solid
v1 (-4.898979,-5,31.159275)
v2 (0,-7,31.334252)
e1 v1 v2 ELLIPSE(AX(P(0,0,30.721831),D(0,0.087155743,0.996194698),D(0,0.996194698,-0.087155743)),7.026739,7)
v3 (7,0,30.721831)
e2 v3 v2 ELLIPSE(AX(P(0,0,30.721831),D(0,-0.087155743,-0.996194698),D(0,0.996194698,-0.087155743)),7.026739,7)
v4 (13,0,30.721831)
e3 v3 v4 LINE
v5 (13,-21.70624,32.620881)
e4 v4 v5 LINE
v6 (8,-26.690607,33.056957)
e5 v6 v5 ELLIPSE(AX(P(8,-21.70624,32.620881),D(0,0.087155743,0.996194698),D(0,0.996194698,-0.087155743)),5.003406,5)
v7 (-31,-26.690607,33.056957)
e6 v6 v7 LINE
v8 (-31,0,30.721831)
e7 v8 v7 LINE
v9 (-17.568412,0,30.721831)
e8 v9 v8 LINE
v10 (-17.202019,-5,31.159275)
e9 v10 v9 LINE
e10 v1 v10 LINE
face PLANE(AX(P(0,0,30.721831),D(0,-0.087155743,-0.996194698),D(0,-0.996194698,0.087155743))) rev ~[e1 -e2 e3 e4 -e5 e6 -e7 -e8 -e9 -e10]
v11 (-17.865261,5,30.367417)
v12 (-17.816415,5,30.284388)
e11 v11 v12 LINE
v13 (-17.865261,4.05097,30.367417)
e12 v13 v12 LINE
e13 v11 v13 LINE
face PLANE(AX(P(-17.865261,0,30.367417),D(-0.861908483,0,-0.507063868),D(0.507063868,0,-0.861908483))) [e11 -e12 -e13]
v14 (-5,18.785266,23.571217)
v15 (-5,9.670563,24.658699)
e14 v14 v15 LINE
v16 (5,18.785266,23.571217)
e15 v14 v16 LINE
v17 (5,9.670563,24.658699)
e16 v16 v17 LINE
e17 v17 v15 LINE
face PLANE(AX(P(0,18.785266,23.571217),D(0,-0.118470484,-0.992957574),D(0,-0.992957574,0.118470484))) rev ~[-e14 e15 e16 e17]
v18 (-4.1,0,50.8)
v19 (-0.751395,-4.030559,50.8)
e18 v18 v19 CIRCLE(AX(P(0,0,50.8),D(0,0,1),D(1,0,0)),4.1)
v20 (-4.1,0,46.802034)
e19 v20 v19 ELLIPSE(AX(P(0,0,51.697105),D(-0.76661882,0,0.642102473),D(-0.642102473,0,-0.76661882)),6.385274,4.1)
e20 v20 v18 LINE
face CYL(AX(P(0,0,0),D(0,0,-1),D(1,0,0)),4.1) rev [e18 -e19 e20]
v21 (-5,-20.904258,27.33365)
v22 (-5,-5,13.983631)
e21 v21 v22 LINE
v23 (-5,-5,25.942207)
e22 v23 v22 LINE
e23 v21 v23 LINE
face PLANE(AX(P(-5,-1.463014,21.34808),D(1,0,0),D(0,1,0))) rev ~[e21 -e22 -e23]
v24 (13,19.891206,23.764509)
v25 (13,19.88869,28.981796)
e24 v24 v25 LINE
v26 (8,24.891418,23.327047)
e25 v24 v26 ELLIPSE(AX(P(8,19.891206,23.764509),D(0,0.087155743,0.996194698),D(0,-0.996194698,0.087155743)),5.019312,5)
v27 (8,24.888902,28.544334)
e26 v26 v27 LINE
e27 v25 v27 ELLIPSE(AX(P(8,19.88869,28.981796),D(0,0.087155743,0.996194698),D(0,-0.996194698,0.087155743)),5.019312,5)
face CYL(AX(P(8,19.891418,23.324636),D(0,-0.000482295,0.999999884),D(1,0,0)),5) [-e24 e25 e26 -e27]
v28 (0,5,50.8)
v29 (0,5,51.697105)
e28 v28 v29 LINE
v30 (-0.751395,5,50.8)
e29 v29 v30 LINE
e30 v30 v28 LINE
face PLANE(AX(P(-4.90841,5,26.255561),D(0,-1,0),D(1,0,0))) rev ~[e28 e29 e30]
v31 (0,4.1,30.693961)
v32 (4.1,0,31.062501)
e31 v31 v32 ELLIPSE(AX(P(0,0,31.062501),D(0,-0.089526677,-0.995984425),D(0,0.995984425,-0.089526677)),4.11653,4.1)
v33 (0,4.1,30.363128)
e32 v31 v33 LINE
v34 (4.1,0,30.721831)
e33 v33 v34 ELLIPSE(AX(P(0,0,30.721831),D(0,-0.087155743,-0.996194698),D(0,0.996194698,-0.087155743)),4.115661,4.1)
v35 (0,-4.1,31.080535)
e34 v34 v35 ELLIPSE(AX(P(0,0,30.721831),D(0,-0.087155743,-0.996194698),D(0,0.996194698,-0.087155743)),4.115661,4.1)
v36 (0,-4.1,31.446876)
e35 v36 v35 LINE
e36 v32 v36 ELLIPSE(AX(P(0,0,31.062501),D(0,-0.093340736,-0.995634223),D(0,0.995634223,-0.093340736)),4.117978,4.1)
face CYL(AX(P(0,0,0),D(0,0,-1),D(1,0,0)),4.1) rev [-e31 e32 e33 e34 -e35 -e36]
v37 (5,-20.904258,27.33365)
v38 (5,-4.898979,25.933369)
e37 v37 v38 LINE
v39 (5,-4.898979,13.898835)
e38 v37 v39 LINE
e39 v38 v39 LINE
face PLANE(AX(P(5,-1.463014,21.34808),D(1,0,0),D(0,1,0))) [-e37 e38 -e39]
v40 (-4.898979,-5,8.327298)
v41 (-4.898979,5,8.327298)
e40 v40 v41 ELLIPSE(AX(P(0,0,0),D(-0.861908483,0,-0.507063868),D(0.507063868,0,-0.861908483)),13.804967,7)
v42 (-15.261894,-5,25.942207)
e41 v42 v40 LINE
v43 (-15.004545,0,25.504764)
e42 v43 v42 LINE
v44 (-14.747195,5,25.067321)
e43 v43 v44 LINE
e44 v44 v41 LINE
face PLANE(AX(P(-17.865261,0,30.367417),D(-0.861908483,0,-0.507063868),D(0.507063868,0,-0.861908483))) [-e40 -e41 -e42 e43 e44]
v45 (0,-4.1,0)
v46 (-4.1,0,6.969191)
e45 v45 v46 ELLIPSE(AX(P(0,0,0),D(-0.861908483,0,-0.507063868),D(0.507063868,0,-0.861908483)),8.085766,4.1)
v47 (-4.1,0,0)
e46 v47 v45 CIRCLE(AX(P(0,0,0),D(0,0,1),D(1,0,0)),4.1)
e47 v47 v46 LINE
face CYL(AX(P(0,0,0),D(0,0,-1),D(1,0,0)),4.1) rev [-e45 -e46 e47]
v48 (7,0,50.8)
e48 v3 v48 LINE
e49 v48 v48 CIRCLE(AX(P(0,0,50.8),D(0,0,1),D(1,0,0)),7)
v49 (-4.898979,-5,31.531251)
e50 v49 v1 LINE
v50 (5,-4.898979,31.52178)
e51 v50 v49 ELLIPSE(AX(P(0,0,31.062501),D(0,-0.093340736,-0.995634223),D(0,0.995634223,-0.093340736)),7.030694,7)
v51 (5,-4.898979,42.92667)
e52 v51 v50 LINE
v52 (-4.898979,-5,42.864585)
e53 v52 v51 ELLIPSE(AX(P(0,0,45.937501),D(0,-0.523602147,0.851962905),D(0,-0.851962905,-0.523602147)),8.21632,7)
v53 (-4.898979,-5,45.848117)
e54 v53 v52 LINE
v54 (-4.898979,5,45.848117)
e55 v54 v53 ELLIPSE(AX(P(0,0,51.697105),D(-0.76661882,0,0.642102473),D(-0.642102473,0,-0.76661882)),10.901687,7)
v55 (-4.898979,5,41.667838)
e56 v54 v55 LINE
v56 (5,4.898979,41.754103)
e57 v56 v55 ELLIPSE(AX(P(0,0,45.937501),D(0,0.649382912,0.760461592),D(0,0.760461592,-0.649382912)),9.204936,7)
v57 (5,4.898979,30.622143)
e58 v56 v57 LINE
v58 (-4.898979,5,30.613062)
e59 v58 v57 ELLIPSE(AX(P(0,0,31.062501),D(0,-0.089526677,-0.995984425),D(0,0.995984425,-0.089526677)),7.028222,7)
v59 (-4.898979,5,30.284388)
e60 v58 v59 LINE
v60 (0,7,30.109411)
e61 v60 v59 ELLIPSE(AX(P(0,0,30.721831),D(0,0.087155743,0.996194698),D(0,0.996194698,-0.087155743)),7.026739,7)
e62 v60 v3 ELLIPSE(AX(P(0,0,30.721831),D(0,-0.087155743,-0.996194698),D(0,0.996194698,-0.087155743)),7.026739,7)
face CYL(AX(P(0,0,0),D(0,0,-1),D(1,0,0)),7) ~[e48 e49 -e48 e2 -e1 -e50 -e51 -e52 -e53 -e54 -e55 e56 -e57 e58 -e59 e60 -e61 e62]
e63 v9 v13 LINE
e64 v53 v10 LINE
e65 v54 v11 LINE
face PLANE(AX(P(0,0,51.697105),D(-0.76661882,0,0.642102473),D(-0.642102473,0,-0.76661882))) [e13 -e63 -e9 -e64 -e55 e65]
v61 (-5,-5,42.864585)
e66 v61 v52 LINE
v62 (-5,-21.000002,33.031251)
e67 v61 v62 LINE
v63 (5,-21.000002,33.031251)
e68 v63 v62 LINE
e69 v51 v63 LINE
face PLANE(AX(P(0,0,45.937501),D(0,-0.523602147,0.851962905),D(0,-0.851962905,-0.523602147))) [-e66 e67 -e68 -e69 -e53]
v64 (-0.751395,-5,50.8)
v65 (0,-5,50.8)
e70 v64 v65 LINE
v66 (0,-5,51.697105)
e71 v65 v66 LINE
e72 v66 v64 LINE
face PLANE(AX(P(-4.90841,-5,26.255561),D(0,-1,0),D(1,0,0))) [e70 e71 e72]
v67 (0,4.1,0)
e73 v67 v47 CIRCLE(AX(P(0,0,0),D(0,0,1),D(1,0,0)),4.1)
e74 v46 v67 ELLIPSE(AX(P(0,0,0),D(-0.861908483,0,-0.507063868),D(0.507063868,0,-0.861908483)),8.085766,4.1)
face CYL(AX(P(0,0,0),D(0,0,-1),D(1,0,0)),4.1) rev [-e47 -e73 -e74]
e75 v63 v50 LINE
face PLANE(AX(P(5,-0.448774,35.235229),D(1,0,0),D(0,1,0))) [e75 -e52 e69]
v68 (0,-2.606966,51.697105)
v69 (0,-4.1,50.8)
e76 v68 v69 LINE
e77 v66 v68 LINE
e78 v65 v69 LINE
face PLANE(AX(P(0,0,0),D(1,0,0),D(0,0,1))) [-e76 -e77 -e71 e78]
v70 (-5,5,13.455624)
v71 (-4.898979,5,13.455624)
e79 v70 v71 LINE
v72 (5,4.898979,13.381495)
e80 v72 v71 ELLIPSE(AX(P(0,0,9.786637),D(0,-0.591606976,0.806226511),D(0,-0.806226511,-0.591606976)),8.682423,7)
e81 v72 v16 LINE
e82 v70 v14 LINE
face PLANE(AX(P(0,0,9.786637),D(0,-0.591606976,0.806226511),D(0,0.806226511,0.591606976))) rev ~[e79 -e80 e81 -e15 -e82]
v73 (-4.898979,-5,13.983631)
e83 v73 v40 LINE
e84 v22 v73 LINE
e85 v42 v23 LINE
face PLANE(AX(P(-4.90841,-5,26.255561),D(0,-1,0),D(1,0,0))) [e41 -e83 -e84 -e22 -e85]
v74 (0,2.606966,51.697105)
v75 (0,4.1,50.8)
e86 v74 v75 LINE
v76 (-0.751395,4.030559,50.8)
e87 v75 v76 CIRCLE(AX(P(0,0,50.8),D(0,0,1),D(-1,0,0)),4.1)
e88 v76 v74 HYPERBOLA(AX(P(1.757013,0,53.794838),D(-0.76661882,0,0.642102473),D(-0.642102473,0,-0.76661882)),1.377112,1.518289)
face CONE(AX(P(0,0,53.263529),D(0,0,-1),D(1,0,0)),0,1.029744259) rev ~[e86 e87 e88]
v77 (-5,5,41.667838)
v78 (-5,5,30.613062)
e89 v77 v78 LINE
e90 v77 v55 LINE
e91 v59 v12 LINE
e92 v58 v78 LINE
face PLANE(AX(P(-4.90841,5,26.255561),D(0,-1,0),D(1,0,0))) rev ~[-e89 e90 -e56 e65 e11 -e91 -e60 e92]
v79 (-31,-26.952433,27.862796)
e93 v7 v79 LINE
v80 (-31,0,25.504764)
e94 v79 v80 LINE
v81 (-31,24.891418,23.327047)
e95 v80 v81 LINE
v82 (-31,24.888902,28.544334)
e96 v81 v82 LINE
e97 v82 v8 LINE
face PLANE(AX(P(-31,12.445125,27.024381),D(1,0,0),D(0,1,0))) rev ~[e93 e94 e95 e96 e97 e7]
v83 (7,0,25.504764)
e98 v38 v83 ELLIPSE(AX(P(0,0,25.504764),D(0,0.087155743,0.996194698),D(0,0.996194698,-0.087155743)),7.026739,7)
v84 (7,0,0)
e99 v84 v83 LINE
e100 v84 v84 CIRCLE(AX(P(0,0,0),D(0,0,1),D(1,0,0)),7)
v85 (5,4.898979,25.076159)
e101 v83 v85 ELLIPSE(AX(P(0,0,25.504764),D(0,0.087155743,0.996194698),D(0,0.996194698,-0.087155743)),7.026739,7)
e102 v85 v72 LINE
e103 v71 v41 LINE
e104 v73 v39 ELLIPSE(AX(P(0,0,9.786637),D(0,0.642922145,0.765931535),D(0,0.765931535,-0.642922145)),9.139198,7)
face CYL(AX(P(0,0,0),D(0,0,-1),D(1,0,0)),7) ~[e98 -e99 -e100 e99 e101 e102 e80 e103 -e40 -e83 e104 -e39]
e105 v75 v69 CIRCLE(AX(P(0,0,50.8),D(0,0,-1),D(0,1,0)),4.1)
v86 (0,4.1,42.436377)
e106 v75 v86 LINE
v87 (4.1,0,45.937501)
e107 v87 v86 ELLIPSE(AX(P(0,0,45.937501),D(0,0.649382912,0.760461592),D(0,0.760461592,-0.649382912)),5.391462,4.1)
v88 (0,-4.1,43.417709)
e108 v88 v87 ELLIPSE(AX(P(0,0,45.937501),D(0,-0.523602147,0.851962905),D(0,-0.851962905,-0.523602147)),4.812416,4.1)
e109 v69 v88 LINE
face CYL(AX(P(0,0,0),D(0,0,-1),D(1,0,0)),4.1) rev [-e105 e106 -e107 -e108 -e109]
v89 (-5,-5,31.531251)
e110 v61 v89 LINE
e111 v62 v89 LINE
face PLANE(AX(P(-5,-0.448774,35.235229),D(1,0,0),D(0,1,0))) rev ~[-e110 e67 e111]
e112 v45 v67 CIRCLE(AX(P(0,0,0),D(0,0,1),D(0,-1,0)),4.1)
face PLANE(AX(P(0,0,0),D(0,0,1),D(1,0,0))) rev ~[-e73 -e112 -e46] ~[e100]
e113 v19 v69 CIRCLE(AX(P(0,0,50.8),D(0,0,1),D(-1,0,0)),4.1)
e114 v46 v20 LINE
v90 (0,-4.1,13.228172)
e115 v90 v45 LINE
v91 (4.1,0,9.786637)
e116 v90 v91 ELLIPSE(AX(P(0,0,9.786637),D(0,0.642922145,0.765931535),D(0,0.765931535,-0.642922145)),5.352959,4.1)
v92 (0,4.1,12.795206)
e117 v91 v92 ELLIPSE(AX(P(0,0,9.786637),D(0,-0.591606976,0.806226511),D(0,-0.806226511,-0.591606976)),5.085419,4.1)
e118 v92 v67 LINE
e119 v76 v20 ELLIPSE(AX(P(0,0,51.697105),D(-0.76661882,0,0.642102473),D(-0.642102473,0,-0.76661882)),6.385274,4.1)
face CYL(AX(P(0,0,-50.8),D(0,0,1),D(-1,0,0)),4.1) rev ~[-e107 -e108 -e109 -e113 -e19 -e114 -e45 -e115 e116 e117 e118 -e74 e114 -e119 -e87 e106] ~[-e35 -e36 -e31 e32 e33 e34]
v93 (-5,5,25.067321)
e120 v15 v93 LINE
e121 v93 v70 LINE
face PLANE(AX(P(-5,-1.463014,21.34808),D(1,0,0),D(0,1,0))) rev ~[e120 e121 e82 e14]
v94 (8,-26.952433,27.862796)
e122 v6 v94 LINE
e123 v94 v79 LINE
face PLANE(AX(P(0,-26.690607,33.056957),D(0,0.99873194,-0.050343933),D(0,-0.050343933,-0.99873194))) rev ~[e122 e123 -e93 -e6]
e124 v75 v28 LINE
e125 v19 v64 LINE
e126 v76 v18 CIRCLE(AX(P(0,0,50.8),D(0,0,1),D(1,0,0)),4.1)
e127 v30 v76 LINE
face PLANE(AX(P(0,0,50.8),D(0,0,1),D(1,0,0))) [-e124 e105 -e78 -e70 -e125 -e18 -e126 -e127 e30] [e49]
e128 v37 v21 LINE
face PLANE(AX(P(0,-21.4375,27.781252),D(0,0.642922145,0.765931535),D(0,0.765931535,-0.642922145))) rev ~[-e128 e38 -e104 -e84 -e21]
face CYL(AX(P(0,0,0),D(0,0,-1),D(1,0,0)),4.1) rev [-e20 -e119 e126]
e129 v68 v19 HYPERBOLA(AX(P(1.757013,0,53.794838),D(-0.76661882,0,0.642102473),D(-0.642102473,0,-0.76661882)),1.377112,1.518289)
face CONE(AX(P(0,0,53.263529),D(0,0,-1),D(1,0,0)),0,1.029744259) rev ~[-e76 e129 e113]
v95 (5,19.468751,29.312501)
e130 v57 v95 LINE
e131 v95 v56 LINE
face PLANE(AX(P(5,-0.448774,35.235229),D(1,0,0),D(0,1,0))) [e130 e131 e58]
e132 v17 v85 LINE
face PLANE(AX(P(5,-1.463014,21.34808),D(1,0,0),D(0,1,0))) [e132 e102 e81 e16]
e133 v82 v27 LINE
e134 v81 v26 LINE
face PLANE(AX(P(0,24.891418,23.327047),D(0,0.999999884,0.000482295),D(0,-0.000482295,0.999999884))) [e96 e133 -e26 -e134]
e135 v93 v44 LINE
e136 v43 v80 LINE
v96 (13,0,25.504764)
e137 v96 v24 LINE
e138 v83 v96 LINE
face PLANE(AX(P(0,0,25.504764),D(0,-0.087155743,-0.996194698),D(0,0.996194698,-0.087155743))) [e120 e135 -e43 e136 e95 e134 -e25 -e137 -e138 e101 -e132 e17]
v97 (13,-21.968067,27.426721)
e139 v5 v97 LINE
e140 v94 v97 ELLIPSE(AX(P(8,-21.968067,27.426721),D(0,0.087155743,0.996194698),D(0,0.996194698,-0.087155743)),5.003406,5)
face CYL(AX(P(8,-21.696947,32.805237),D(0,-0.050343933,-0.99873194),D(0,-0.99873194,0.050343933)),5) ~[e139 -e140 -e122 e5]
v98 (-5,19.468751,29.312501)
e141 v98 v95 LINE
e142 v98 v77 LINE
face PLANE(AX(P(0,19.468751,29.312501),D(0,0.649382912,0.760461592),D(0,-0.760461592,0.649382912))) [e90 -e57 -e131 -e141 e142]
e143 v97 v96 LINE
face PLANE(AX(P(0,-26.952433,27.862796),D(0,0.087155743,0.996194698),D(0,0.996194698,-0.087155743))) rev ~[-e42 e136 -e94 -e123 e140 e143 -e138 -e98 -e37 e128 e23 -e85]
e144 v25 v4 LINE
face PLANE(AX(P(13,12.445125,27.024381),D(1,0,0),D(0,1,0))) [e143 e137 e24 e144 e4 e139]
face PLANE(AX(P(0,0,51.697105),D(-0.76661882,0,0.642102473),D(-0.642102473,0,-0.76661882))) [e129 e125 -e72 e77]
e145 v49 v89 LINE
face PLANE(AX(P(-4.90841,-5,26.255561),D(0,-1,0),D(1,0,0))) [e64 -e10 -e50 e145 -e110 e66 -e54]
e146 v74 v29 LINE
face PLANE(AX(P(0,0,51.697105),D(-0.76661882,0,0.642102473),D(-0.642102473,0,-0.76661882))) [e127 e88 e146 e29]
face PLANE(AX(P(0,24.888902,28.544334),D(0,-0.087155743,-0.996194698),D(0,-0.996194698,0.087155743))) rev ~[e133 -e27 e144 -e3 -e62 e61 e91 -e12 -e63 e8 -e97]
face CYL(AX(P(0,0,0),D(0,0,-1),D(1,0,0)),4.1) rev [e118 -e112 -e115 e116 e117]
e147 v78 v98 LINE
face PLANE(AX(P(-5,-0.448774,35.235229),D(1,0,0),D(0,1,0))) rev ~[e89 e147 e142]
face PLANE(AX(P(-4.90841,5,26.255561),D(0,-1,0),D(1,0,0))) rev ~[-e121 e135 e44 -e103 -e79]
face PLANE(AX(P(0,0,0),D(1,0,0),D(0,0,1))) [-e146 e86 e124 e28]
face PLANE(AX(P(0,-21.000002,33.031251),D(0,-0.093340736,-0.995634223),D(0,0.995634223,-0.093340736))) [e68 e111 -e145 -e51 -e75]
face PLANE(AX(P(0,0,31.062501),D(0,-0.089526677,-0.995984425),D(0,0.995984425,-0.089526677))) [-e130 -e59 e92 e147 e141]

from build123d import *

# Parameters (mm, degrees)
F0_R          = 7
F0_R_2        = 4.1
F1_DEPTH      = 50.8
F3_DEPTH      = 31
F3_DEPTH_BACK = 13
F4_D          = 8
F4_DEPTH      = 50.8
F4_TIP        = 2.4034424761
F5_R          = 5
F7_DEPTH      = 5
F9_DEPTH      = 5
F10_D         = 8.2
F10_DEPTH     = 50.8
F10_TIP       = 2.463528538


with BuildPart() as f1:
    # F0 (on Top) → F1 (new body)
    with BuildSketch(Plane.XY):
        Circle(F0_R)
        Circle(F0_R_2, mode=Mode.SUBTRACT)
    extrude(amount=F1_DEPTH)

    # F2 (on Right) → F3 (join, two sides)
    with BuildSketch(Plane.YZ) as f3_sk:
        Polygon((0, 25.5047638916), (24.8914179106, 23.3270470053), (24.8889016367, 28.5443344728), (0, 30.7218312136), align=None)
        Polygon((-26.9524334618, 27.8627962739), (0, 25.5047638916), (0, 30.7218312136), (-26.6906069858, 33.0569567475), align=None)
    extrude(amount=-F3_DEPTH)
    extrude(f3_sk.sketch, amount=F3_DEPTH_BACK)

    # F4
    with Locations(Plane(origin=(0, 0, 0), x_dir=(1, 0, 0), z_dir=(0, 0, -1))):
        with Locations((0, 0)):
            Hole(F4_D / 2, depth=F4_DEPTH)
            with Locations((0, 0, -(F4_DEPTH + F4_TIP / 2))):  # 118° drill point
                Cone(0, F4_D / 2, F4_TIP, mode=Mode.SUBTRACT)

    # F5
    f5_edges = [f1.edges().sort_by_distance(p)[0] for p in [
        (13, 24.89016, 25.935691),
        (13, -26.82152, 30.459877),
    ]]
    fillet(f5_edges, radius=F5_R)

    # F6 (on Right) → F7 (join, symmetric)
    with BuildSketch(Plane.YZ):
        Polygon((0, 9.7866365686), (18.7852662057, 23.5712174326), (0, 25.8125010878), (-21.4374996722, 27.7812518179), align=None)
        Polygon((-21.0000015795, 33.0312512815), (0, 31.0625005513), (19.4687508047, 29.3125007302), (0, 45.9375008941), align=None)
    extrude(amount=F7_DEPTH, both=True)

    # F8 (on Front) → F9 (join, symmetric)
    with BuildSketch(Plane.XZ):
        Polygon((0, 51.6971051693), (-17.865261063, 30.367417261), (0, 0), align=None)
    extrude(amount=F9_DEPTH, both=True)

    # F10
    with Locations(Plane(origin=(0, 0, 0), x_dir=(1, 0, 0), z_dir=(0, 0, -1))):
        with Locations((0, 0)):
            Hole(F10_D / 2, depth=F10_DEPTH)
            with Locations((0, 0, -(F10_DEPTH + F10_TIP / 2))):  # 118° drill point
                Cone(0, F10_D / 2, F10_TIP, mode=Mode.SUBTRACT)


solid = f1.part
